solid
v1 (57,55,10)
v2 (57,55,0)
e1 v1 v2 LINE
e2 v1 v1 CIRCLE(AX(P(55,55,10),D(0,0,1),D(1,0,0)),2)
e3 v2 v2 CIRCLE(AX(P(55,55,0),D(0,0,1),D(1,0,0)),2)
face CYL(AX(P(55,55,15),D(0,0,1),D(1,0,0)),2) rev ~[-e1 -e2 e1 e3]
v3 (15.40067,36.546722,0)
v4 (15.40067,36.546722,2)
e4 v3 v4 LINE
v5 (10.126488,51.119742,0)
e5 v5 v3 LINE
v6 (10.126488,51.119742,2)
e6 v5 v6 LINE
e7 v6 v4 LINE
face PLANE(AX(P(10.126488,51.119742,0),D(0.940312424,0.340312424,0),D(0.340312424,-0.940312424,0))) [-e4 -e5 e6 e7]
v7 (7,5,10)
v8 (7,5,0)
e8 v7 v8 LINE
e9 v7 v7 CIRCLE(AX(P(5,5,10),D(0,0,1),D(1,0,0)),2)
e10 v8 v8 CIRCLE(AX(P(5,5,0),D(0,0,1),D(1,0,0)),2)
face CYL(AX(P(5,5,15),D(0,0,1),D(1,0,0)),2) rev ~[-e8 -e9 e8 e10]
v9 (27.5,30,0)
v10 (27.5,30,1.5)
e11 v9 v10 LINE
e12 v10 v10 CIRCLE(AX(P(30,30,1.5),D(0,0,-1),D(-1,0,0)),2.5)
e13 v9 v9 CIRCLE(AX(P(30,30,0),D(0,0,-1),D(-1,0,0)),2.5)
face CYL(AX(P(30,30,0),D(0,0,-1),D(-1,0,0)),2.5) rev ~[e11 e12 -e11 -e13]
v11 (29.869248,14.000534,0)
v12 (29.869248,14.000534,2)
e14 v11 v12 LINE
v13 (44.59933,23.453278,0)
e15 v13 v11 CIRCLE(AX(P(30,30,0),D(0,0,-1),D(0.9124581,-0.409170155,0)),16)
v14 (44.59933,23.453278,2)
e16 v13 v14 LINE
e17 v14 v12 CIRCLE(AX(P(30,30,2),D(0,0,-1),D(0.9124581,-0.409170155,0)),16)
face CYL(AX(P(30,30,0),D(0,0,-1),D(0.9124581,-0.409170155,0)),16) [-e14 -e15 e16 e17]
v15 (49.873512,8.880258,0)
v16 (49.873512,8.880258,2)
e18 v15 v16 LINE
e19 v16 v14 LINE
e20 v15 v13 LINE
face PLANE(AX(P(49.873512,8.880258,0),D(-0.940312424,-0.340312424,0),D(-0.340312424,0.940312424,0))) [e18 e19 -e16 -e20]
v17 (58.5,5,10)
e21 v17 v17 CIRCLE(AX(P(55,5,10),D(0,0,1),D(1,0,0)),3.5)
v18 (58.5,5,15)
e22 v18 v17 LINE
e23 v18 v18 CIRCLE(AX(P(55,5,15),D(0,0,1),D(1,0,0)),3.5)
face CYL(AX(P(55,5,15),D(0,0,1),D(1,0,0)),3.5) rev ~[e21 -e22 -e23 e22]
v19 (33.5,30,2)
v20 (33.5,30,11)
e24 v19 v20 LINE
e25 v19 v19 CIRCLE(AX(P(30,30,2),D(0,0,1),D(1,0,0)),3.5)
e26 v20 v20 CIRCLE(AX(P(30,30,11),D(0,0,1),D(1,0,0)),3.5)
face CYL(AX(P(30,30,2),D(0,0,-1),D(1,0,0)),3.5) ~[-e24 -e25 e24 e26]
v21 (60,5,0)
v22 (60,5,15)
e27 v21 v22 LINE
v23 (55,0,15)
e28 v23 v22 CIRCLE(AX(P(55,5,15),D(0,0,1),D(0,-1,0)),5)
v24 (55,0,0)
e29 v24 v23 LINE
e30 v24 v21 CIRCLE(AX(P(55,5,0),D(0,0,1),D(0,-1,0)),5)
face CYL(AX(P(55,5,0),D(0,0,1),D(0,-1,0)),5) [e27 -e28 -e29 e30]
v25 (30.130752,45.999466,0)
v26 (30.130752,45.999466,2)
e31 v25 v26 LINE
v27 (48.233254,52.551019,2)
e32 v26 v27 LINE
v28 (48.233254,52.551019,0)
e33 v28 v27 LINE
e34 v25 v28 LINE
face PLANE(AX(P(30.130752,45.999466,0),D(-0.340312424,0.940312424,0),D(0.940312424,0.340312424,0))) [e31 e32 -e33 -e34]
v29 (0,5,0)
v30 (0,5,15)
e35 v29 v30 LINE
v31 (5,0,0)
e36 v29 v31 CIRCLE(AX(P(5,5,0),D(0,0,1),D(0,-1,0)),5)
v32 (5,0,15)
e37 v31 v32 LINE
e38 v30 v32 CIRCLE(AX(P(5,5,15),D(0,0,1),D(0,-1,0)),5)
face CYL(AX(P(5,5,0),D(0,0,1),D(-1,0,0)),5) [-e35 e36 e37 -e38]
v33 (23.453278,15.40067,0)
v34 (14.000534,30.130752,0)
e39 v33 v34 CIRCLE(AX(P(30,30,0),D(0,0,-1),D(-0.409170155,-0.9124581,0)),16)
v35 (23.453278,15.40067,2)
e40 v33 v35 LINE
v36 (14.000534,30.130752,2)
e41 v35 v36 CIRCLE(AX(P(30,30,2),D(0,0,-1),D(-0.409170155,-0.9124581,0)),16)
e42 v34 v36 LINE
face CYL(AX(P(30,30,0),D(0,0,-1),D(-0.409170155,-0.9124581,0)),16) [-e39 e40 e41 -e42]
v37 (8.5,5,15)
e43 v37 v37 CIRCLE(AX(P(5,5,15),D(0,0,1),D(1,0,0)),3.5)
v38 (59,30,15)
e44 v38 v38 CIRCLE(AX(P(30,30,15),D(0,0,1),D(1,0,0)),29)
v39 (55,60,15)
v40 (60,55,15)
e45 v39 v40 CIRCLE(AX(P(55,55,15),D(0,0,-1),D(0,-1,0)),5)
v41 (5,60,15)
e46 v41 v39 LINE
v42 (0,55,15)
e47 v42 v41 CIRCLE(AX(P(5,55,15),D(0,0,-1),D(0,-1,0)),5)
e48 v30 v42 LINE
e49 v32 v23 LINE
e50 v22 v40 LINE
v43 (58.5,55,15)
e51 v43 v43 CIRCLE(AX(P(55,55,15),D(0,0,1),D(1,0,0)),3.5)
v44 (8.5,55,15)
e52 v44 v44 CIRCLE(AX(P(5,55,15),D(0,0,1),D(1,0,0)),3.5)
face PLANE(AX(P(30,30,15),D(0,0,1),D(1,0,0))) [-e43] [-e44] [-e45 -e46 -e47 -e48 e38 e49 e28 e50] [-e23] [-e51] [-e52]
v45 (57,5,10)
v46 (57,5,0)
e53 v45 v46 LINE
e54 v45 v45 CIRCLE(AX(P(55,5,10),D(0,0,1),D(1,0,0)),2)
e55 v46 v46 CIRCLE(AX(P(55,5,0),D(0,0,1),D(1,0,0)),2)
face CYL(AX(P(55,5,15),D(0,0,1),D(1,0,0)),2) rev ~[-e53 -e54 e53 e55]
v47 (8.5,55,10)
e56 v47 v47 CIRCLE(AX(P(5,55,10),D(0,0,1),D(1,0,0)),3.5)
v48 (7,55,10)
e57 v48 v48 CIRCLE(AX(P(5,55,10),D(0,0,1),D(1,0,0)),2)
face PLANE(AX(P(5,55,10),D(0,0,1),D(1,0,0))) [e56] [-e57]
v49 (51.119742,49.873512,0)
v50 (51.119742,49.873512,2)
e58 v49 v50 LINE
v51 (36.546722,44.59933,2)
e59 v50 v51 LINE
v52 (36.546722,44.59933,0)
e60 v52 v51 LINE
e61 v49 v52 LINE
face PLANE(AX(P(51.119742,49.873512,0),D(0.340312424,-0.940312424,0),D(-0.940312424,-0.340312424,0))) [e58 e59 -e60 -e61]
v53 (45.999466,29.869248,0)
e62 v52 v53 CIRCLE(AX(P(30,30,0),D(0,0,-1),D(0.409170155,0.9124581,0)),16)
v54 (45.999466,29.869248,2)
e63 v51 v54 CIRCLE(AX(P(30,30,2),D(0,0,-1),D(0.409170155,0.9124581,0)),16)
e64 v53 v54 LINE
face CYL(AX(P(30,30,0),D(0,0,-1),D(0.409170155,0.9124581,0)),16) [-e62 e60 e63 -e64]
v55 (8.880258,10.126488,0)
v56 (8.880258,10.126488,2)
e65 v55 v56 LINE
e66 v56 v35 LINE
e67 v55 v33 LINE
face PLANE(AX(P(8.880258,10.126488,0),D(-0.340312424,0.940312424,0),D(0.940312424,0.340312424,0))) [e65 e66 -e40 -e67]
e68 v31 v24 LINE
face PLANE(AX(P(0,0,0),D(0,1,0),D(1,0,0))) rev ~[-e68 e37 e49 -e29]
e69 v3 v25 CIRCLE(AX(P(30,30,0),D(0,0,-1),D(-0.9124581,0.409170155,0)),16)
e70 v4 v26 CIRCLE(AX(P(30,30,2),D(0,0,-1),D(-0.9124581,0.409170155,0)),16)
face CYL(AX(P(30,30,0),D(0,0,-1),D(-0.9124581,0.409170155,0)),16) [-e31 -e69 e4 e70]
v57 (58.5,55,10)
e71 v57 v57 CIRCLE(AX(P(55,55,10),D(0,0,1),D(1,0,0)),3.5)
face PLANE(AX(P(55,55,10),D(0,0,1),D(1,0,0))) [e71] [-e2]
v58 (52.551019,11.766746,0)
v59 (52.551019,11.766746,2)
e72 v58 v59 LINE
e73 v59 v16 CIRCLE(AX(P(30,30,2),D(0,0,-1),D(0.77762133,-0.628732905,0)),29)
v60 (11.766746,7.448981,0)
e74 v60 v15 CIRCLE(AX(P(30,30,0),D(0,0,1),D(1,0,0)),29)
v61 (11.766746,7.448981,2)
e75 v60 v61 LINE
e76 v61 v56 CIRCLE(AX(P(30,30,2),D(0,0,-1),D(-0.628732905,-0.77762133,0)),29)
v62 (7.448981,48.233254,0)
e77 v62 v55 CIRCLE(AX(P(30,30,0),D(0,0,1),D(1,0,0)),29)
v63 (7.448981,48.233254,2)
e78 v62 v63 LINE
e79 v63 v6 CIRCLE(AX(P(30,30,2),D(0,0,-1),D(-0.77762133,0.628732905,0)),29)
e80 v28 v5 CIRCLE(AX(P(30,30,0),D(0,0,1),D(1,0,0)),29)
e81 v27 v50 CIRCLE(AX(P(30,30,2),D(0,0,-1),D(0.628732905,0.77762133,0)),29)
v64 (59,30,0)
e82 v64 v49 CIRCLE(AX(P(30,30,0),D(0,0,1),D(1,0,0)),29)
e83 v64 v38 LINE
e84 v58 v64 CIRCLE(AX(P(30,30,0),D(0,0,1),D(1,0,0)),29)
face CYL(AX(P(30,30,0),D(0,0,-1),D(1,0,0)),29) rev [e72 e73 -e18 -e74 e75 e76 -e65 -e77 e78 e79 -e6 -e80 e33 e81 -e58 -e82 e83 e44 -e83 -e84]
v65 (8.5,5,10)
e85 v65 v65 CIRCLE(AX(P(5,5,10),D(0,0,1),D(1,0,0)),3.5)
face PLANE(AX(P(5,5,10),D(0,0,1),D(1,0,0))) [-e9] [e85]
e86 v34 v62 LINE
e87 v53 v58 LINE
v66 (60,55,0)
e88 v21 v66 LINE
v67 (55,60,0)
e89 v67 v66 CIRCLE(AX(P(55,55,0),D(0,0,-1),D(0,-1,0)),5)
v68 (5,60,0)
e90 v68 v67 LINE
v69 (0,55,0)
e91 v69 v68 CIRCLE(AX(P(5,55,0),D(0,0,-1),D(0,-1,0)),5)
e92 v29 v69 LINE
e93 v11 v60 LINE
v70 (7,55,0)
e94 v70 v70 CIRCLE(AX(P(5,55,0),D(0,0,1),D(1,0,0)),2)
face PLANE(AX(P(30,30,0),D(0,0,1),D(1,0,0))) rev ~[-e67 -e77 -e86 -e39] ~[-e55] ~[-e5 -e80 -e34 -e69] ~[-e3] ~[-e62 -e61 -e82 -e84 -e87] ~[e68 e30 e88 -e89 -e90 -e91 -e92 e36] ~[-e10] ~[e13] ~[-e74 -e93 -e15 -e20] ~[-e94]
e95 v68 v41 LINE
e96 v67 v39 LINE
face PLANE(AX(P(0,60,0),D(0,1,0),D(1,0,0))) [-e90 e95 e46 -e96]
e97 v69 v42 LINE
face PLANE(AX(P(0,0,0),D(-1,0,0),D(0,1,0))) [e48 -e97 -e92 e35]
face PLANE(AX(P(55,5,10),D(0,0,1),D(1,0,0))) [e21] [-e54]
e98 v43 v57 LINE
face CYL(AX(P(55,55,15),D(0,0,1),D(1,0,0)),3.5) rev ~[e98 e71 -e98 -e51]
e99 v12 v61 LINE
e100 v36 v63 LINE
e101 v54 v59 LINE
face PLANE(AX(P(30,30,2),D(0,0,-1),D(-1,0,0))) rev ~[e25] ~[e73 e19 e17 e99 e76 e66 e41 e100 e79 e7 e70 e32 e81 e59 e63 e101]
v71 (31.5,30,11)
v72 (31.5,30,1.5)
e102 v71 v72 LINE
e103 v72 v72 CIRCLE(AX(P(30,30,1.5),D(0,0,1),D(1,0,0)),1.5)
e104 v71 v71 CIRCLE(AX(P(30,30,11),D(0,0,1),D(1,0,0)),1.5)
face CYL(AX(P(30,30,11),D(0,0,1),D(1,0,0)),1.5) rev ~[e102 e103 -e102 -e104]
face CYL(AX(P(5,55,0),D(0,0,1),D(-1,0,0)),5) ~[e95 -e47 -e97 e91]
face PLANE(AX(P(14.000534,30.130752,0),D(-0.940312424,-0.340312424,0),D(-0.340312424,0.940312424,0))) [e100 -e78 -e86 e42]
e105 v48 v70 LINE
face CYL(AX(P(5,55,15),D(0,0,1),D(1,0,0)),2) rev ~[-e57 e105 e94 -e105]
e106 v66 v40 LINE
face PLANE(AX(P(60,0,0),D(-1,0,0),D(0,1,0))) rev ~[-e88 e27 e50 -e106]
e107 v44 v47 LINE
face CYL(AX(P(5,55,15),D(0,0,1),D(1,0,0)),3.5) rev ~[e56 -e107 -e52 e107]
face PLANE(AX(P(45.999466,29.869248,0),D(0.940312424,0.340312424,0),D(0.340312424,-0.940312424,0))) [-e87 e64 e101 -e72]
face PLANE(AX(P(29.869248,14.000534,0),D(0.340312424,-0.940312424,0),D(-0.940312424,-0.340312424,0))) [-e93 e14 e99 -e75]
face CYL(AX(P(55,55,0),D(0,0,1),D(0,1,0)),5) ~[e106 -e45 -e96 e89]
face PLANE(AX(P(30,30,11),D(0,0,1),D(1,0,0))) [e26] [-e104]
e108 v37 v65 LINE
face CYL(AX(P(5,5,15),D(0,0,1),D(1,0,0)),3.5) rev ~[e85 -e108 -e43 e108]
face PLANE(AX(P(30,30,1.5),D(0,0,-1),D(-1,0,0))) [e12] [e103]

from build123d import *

# Parameters (mm, degrees)
ESBO_O1_W                = 60
ESBO_O1_H                = 60
ESBO_O1_R                = 29
RESSALTO_EXTRUS_O1_DEPTH = 15
ESBO_O2_R                = 2
CORTE_EXTRUS_O1_DEPTH    = 15
ESBO_O3_R                = 3.5
CORTE_EXTRUS_O2_DEPTH    = 5
FILETE1_R                = 5
RESSALTO_EXTRUS_O2_DEPTH = 2
ESBO_O5_R                = 3.5
RESSALTO_EXTRUS_O3_DEPTH = 9
ESBO_O6_R                = 1.5
CORTE_EXTRUS_O3_DEPTH    = 18.3
ESBO_O7_R                = 2.5
CORTE_EXTRUS_O4_DEPTH    = 1.5


with BuildPart() as part:
    # Esboço1 → Ressalto-extrusão1 (new body)
    with BuildSketch(Plane.XY):
        with Locations((30, 30)):
            Rectangle(ESBO_O1_W, ESBO_O1_H)
        with Locations((30, 30)):
            Circle(ESBO_O1_R, mode=Mode.SUBTRACT)
    extrude(amount=RESSALTO_EXTRUS_O1_DEPTH)

    # Esboço2 → Corte-extrusão1 (cut)
    with BuildSketch(Plane.XY.offset(15)):
        with Locations((5, 55)):
            Circle(ESBO_O2_R)
        with Locations((55, 55)):
            Circle(ESBO_O2_R)
        with Locations((55, 5)):
            Circle(ESBO_O2_R)
        with Locations((5, 5)):
            Circle(ESBO_O2_R)
    extrude(amount=-CORTE_EXTRUS_O1_DEPTH, mode=Mode.SUBTRACT)

    # Esboço3 → Corte-extrusão2 (cut)
    with BuildSketch(Plane.XY.offset(15)):
        with Locations((5, 55)):
            Circle(ESBO_O3_R)
        with Locations((55, 55)):
            Circle(ESBO_O3_R)
        with Locations((55, 5)):
            Circle(ESBO_O3_R)
        with Locations((5, 5)):
            Circle(ESBO_O3_R)
    extrude(amount=-CORTE_EXTRUS_O2_DEPTH, mode=Mode.SUBTRACT)

    # Filete1
    filete1_edges = [part.edges().sort_by_distance(p)[0] for p in [
        (0, 60, 7.5),
        (60, 60, 7.5),
        (60, 0, 7.5),
        (0, 0, 7.5),
    ]]
    fillet(filete1_edges, radius=FILETE1_R)

    # Esboço4 → Ressalto-extrusão2 (add)
    with BuildSketch(Plane(origin=(0, 0, 0), x_dir=(-1, 0, 0), z_dir=(0, 0, -1))):
        with BuildLine():
            Line((-30.130751647, 45.999465741), (-48.233254252, 52.551018589))
            ThreePointArc((-48.233254252, 52.551018589), (-49.721988735, 51.261306647), (-51.119742067, 49.873512398))
            Line((-51.119742067, 49.873512398), (-36.546722488, 44.599329596))
            ThreePointArc((-36.546722488, 44.599329596), (-43.465751902, 38.641384479), (-45.999465741, 29.869248353))
            Line((-45.999465741, 29.869248353), (-52.551018589, 11.766745748))
            ThreePointArc((-52.551018589, 11.766745748), (-51.261306647, 10.278011265), (-49.873512398, 8.880257933))
            Line((-49.873512398, 8.880257933), (-44.599329596, 23.453277512))
            ThreePointArc((-44.599329596, 23.453277512), (-38.641384479, 16.534248098), (-29.869248353, 14.000534259))
            Line((-29.869248353, 14.000534259), (-11.766745748, 7.448981411))
            ThreePointArc((-11.766745748, 7.448981411), (-10.278011265, 8.738693353), (-8.880257933, 10.126487602))
            Line((-8.880257933, 10.126487602), (-23.453277512, 15.400670404))
            ThreePointArc((-23.453277512, 15.400670404), (-16.534248098, 21.358615521), (-14.000534259, 30.130751647))
            Line((-14.000534259, 30.130751647), (-7.448981411, 48.233254252))
            ThreePointArc((-7.448981411, 48.233254252), (-8.738693353, 49.721988735), (-10.126487602, 51.119742067))
            Line((-10.126487602, 51.119742067), (-15.400670404, 36.546722488))
            ThreePointArc((-15.400670404, 36.546722488), (-21.358615521, 43.465751902), (-30.130751647, 45.999465741))
        make_face()
    extrude(amount=-RESSALTO_EXTRUS_O2_DEPTH)

    # Esboço5 → Ressalto-extrusão3 (add)
    with BuildSketch(Plane.XY.offset(2)):
        with Locations((30, 30)):
            Circle(ESBO_O5_R)
    extrude(amount=RESSALTO_EXTRUS_O3_DEPTH)

    # Esboço6 → Corte-extrusão3 (cut)
    with BuildSketch(Plane.XY.offset(11)):
        with Locations((30, 30)):
            Circle(ESBO_O6_R)
    extrude(amount=-CORTE_EXTRUS_O3_DEPTH, mode=Mode.SUBTRACT)

    # Esboço7 → Corte-extrusão4 (cut)
    with BuildSketch(Plane(origin=(0, 0, 0), x_dir=(-1, 0, 0), z_dir=(0, 0, -1))):
        with Locations((-30, 30)):
            Circle(ESBO_O7_R)
    extrude(amount=-CORTE_EXTRUS_O4_DEPTH, mode=Mode.SUBTRACT)


solid = part.part
